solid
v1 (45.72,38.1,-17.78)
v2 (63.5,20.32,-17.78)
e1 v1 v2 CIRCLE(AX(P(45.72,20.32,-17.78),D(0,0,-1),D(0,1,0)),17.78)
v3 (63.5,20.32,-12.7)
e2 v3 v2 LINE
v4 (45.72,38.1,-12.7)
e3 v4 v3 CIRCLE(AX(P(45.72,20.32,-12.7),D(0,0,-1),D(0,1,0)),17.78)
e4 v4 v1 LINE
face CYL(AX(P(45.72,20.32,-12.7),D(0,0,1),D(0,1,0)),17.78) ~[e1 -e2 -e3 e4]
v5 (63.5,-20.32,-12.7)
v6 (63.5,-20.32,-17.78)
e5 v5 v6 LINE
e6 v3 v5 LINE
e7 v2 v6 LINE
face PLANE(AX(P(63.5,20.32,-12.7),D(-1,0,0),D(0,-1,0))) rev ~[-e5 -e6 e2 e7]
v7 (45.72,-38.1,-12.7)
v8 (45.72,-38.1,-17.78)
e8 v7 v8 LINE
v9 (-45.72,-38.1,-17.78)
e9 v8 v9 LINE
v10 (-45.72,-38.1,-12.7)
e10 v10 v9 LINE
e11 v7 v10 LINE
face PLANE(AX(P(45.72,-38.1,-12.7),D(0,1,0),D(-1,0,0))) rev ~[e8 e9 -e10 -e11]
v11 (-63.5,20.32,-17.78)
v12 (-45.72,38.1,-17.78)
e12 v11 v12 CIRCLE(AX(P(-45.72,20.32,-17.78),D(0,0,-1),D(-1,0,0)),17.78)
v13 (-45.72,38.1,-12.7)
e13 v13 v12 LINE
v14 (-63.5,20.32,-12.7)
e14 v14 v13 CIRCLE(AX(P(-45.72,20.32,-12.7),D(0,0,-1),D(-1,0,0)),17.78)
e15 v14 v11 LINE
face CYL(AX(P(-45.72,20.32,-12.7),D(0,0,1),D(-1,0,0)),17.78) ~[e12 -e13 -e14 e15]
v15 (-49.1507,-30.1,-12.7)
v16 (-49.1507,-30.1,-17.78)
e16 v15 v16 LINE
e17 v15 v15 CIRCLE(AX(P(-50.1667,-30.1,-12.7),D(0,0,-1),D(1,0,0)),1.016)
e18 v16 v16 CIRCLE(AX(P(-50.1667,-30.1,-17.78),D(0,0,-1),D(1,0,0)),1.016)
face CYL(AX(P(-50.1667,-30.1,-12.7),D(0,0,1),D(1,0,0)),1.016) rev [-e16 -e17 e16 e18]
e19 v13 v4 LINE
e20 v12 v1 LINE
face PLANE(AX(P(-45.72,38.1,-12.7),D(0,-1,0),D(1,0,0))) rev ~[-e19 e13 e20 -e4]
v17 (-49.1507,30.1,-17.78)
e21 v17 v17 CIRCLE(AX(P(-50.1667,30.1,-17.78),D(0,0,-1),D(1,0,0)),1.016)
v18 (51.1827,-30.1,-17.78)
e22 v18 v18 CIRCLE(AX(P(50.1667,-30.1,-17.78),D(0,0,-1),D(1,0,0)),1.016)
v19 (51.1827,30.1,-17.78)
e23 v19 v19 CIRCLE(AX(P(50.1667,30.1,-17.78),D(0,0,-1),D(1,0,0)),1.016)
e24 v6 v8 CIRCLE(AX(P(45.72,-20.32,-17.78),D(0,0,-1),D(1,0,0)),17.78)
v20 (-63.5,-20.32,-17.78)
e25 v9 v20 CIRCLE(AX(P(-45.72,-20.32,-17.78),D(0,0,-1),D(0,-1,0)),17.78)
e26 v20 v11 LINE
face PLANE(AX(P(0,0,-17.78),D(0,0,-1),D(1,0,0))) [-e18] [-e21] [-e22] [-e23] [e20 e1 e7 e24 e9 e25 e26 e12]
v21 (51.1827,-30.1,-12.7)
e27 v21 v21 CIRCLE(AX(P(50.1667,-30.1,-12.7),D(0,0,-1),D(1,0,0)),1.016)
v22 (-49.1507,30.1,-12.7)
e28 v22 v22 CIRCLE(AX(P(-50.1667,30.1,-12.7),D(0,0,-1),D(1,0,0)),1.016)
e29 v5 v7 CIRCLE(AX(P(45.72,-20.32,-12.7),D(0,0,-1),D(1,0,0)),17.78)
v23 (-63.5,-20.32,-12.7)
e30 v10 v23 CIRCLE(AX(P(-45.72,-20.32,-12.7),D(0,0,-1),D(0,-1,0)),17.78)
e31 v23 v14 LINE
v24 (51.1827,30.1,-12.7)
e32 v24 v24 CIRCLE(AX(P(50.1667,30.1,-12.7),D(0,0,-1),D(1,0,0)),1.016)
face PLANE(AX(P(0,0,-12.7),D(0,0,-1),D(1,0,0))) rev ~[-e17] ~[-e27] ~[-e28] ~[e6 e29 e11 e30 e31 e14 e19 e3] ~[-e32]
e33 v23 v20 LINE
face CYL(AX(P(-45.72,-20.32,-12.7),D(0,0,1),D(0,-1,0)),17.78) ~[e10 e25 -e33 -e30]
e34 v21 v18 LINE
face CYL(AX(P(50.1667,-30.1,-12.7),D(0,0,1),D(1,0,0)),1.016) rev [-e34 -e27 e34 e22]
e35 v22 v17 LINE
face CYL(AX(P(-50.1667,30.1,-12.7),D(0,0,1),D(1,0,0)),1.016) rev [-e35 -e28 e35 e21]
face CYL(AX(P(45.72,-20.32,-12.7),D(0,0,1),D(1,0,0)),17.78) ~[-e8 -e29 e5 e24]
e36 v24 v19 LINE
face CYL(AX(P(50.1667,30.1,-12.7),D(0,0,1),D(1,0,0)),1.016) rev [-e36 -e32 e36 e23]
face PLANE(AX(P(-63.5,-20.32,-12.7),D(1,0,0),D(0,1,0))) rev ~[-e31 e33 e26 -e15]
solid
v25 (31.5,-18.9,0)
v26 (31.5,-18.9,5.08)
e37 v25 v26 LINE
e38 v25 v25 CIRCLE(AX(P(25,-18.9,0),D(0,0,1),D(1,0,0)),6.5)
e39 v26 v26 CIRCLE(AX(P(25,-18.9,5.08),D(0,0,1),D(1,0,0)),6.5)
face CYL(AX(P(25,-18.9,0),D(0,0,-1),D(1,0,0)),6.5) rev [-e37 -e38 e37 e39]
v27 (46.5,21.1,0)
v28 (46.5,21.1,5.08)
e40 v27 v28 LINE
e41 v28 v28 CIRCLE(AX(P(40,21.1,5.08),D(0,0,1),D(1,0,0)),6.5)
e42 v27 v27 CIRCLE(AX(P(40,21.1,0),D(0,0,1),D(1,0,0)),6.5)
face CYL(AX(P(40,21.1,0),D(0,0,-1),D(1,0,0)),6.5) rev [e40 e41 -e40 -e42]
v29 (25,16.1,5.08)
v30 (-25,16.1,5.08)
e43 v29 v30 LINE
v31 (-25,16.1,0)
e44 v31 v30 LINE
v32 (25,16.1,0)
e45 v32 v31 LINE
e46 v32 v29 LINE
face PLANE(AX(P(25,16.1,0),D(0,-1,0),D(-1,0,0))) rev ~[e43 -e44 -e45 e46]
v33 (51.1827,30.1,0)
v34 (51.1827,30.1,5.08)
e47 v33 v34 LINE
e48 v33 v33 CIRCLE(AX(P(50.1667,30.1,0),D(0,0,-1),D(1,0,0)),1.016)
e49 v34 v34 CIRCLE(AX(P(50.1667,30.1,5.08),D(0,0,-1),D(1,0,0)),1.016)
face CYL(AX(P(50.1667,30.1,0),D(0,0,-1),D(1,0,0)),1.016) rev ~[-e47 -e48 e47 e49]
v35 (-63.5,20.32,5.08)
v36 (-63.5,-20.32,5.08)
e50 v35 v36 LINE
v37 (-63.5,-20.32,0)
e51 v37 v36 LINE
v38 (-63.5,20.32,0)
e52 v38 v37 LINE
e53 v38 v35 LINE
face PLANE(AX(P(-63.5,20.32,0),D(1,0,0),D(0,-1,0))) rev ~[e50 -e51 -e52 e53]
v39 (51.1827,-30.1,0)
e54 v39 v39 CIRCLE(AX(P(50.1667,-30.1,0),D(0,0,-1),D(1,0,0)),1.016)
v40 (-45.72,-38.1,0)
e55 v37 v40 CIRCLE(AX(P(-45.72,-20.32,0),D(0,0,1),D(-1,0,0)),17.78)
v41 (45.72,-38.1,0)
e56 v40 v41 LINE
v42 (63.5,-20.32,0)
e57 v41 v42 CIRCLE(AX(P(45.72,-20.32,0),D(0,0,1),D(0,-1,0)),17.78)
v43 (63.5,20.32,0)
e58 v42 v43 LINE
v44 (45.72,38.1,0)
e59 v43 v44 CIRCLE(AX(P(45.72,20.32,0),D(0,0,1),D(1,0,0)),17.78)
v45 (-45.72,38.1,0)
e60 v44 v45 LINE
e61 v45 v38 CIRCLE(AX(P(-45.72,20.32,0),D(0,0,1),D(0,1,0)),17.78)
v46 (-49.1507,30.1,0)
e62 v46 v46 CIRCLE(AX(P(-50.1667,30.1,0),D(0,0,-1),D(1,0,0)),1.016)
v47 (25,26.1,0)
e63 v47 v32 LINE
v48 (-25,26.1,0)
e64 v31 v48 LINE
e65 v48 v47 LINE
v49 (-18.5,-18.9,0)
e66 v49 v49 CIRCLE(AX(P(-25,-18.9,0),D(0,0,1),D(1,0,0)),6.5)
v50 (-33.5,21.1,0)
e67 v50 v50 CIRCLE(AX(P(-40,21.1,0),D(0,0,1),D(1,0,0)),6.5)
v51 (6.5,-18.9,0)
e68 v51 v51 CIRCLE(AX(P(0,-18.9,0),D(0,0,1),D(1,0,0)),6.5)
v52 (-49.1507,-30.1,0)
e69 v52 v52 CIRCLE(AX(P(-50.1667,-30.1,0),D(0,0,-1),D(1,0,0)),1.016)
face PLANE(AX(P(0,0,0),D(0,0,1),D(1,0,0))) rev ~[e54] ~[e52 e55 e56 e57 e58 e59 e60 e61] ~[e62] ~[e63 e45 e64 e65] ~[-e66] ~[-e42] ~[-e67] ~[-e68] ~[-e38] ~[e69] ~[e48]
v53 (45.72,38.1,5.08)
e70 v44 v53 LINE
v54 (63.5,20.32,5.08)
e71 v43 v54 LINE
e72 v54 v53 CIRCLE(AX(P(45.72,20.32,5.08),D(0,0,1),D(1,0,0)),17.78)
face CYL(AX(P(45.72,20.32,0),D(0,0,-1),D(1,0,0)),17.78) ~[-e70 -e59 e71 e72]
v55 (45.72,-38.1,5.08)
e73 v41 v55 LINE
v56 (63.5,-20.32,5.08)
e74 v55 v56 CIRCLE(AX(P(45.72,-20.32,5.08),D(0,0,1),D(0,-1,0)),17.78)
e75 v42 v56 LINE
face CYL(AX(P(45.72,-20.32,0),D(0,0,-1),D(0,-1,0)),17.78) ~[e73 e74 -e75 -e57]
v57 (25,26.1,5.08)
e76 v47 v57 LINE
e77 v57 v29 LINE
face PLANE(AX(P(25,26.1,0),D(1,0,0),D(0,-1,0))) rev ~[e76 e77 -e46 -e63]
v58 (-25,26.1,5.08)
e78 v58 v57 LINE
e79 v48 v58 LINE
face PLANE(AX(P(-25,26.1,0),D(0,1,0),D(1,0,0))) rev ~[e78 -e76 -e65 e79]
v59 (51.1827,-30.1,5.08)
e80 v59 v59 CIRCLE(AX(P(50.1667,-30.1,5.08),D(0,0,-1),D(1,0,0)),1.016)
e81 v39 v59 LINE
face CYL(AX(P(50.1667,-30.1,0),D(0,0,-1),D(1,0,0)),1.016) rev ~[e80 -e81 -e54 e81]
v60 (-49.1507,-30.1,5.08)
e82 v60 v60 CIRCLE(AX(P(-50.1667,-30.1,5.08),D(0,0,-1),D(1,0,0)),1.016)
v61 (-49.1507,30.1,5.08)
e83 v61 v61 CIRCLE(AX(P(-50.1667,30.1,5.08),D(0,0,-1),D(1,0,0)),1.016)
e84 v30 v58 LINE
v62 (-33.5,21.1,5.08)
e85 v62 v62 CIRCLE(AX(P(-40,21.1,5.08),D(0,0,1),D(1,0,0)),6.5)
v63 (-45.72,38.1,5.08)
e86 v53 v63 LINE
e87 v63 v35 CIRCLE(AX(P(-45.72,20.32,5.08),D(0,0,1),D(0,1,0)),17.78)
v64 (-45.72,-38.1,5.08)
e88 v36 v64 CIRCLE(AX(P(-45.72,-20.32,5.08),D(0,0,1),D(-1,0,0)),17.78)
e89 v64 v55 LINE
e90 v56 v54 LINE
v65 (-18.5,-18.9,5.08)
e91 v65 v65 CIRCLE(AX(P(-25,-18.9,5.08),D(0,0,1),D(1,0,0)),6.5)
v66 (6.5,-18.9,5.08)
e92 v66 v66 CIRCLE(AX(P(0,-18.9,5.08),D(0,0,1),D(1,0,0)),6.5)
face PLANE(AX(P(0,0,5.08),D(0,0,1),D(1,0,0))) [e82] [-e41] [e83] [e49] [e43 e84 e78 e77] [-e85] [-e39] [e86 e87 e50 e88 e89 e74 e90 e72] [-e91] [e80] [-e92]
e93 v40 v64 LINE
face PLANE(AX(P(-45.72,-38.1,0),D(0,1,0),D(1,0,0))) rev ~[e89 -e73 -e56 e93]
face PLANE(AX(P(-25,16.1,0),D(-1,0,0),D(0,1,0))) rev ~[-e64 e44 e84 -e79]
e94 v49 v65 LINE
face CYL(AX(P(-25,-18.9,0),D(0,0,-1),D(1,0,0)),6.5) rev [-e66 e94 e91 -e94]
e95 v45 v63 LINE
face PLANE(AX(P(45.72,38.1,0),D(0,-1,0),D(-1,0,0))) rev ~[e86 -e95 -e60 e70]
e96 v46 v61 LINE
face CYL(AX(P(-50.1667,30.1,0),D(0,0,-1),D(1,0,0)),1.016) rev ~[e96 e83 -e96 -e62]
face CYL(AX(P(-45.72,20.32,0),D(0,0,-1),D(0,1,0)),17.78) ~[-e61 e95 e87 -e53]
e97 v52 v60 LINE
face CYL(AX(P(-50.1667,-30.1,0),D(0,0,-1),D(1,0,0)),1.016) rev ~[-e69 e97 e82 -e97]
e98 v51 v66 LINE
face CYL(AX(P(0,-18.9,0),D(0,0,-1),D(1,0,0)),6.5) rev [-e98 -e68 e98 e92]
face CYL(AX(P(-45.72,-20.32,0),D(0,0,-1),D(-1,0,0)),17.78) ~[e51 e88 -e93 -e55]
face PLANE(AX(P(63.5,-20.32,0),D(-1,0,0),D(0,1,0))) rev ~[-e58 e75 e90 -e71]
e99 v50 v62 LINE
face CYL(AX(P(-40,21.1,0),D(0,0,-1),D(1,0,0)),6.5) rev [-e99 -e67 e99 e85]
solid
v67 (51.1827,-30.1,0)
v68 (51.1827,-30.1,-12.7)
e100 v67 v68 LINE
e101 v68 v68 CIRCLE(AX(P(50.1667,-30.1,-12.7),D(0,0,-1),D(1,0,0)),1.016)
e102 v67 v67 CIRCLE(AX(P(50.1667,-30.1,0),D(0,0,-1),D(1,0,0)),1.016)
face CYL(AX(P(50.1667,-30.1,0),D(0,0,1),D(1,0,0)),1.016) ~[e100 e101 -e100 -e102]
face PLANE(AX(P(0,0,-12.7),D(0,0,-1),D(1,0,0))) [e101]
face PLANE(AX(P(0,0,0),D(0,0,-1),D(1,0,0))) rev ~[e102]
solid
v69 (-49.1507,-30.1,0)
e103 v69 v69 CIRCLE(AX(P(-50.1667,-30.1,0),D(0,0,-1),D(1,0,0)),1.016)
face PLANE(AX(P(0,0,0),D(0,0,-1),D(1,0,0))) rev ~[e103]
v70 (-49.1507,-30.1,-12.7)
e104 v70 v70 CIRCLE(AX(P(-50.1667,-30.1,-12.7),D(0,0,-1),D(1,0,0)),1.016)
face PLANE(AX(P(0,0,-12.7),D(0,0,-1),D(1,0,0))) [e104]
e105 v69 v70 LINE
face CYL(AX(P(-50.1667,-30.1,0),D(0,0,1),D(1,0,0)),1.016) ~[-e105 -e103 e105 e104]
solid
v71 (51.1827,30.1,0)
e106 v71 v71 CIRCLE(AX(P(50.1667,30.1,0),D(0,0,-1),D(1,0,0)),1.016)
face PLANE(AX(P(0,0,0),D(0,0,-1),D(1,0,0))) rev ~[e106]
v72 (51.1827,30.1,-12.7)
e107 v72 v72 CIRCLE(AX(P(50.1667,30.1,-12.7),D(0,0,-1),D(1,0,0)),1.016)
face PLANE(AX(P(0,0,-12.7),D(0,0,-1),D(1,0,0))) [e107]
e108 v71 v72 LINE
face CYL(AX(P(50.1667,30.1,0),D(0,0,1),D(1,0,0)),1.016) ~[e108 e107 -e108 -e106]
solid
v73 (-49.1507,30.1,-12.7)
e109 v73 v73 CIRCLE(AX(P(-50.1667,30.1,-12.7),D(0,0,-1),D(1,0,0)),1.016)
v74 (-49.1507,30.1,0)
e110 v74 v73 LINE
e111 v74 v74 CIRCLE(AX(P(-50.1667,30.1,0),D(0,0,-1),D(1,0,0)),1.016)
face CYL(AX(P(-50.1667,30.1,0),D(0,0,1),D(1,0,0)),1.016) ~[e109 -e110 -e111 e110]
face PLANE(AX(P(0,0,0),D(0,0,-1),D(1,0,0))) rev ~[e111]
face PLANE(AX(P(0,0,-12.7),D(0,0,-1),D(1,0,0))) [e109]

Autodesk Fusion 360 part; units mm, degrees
sketch "TopSketch" plane through (0, 0, 0) normal (0, 0, 1) x (1, 0, 0)
  line L0 (45.72, 38.1) -> (-45.72, 38.1)
  line L1 (-63.5, 20.32) -> (-63.5, -20.32)
  line L2 (-45.72, -38.1) -> (45.72, -38.1)
  line L3 (63.5, -20.32) -> (63.5, 20.32)
  line L4 (63.5, 38.1) -> (-63.5, -38.1) construction
  line L5 (-63.5, 38.1) -> (63.5, -38.1) construction
  arc A0 (-45.72, 38.1) -> (-63.5, 20.32) centre (-45.72, 20.32) ccw
  arc A1 (-63.5, -20.32) -> (-45.72, -38.1) centre (-45.72, -20.32) ccw
  arc A2 (45.72, -38.1) -> (63.5, -20.32) centre (45.72, -20.32) ccw
  arc A3 (63.5, 20.32) -> (45.72, 38.1) centre (45.72, 20.32) ccw
  line L6 (-25, 26.1) -> (25, 26.1)
  line L7 (25, 26.1) -> (25, 16.1)
  line L8 (25, 16.1) -> (-25, 16.1)
  line L9 (-25, 16.1) -> (-25, 26.1)
  circle A4 centre (40, 21.1) radius 6.5
  circle A5 centre (25, -18.9) radius 6.5
  circle A6 centre (0, -18.9) radius 6.5
  line L10 (0, 38.1) -> (0, -38.1) construction
  circle A7 centre (-40, 21.1) radius 6.5
  circle A8 centre (-25, -18.9) radius 6.5
  line L11 (61.2418, 9.5468) -> (17.2418, 9.5468)
  line L12 (17.2418, 9.5468) -> (17.2418, -9.4532)
  line L13 (17.2418, -9.4532) -> (61.2418, -9.4532)
  line L14 (61.2418, -9.4532) -> (61.2418, 9.5468)
  line L15 (61.2418, 9.5468) -> (17.2418, -9.4532) construction
  line L16 (17.2418, 9.5468) -> (61.2418, -9.4532) construction
  point P0 (0, 26.1)
  point P1 (-25, 21.1)
  point P2 (25, 21.1)
  point P3 (39.2418, 0.0468)
  dimension "d1" = 127
  dimension "d2" = 76.2
  dimension "d3" = 17.78
  dimension "d4" = 17.78
  dimension "d5" = 17.78
  dimension "d6" = 17.78
  dimension "d10" = 50
  dimension "d11" = 10
  dimension "d12" = 13
  dimension "d13" = 12
  dimension "d14" = 15
  dimension "d15" = 13
  dimension "d16" = 35
  dimension "d17" = 13
  dimension "d28" = 44
  dimension "d29" = 19
extrude "Extrude1" add sketch "TopSketch" along normal blind 5.08 contours L0 L1 L2 L3 A0 A1 A2 A3 | L11 L12 L13 L14 makes body 1
sketch "StandSketch" plane through (0, 0, 0) normal (0, 0, -1) x (1, 0, 0)
  circle A0 centre (-25, 18.9) radius 6.5
  circle A1 centre (25, 18.9) radius 6.5
  circle A2 centre (0, 18.9) radius 6.5
  circle A3 centre (-40, -21.1) radius 6.5
  circle A4 centre (40, -21.1) radius 6.5
  line L0 (-25, -16.1) -> (25, -16.1)
  line L1 (25, -16.1) -> (25, -26.1)
  line L2 (25, -26.1) -> (-25, -26.1)
  line L3 (-25, -26.1) -> (-25, -16.1)
  arc A5 (45.72, -38.1) -> (63.5, -20.32) centre (45.72, -20.32) ccw
  line L4 (63.5, -20.32) -> (63.5, 20.32)
  arc A6 (63.5, 20.32) -> (45.72, 38.1) centre (45.72, 20.32) ccw
  line L5 (45.72, 38.1) -> (-45.72, 38.1)
  arc A7 (-45.72, 38.1) -> (-63.5, 20.32) centre (-45.72, 20.32) ccw
  line L6 (-63.5, 20.32) -> (-63.5, -20.32)
  arc A8 (-63.5, -20.32) -> (-45.72, -38.1) centre (-45.72, -20.32) ccw
  line L7 (-45.72, -38.1) -> (45.72, -38.1)
  line L8 (63.5, 38.1) -> (-63.5, 38.1) construction
  line L9 (-63.5, 38.1) -> (-63.5, -38.1) construction
  line L10 (-63.5, -38.1) -> (63.5, -38.1) construction
  line L11 (63.5, -38.1) -> (63.5, 38.1) construction
  line L12 (63.5, 38.1) -> (-63.5, -38.1) construction
  line L13 (-63.5, 38.1) -> (63.5, -38.1) construction
  circle A9 centre (-50.1667, 30.1) radius 1.016
  line L14 (0, 38.1) -> (0, -38.1) construction
  line L15 (-63.5, 0) -> (63.5, 0) construction
  circle A10 centre (50.1667, 30.1) radius 1.016
  circle A11 centre (-50.1667, -30.1) radius 1.016
  circle A12 centre (50.1667, -30.1) radius 1.016
  dimension "d18" = 127
  dimension "d19" = 76.2
  dimension "d20" = 2.032
  dimension "d21" = 8
extrude "Extrude3" add sketch "StandSketch" along normal blind 12.7 separate body contours A9 | A10 | A11 | A12 makes body 2 at (50.1413, -31.1157, -8.4667) makes body 3 at (50.1413, 29.0843, -8.4667) makes body 4 at (-50.192, -31.1157, -8.4667) makes body 5 at (-50.192, 29.0843, -8.4667)
extrude "Extrude2" cut sketch "StandSketch" against normal up to surface (5.08 mm away) contours A9 | A10 | A11 | A12 bodies 1
sketch "BotSketch" plane through (0, 0, -12.7) normal (0, 0, -1) x (1, 0, 0)
  circle A0 centre (50.1667, 30.1) radius 1.016
  circle A1 centre (-50.1667, -30.1) radius 1.016
  circle A2 centre (50.1667, -30.1) radius 1.016
  circle A3 centre (-50.1667, 30.1) radius 1.016
  circle A4 centre (50.1667, 30.1) radius 1.016
  circle A5 centre (-25, 18.9) radius 6.5
  circle A6 centre (25, 18.9) radius 6.5
  circle A7 centre (0, 18.9) radius 6.5
  circle A8 centre (-40, -21.1) radius 6.5
  circle A9 centre (40, -21.1) radius 6.5
  line L0 (-25, -16.1) -> (25, -16.1)
  line L1 (25, -16.1) -> (25, -26.1)
  line L2 (25, -26.1) -> (-25, -26.1)
  line L3 (-25, -26.1) -> (-25, -16.1)
  arc A10 (45.72, -38.1) -> (63.5, -20.32) centre (45.72, -20.32) ccw
  line L4 (63.5, -20.32) -> (63.5, 20.32)
  arc A11 (63.5, 20.32) -> (45.72, 38.1) centre (45.72, 20.32) ccw
  line L5 (45.72, 38.1) -> (-45.72, 38.1)
  arc A12 (-45.72, 38.1) -> (-63.5, 20.32) centre (-45.72, 20.32) ccw
  line L6 (-63.5, 20.32) -> (-63.5, -20.32)
  arc A13 (-63.5, -20.32) -> (-45.72, -38.1) centre (-45.72, -20.32) ccw
  line L7 (-45.72, -38.1) -> (45.72, -38.1)
extrude "Extrude4" add sketch "BotSketch" along normal blind 5.08 separate body contours A5 | A6 | A7 | A8 | A9 | L0 L1 L2 L3 | A10 L4 A11 L5 A12 L6 A13 L7 makes body 6
sketch "Sketch4" plane through (0, 0, 5.08) normal (0, 0, 1) x (-1, 0, 0)
  circle A0 centre (50.1667, -30.1) radius 1.016
  circle A1 centre (-50.1667, -30.1) radius 1.016
  circle A2 centre (50.1667, 30.1) radius 1.016
  circle A3 centre (-50.1667, 30.1) radius 1.016
  circle A4 centre (25, 18.9) radius 6.5
  circle A5 centre (40, -21.1) radius 6.5
  circle A6 centre (0, 18.9) radius 6.5
  circle A7 centre (-25, 18.9) radius 6.5
  circle A8 centre (-40, -21.1) radius 6.5
  line L0 (-25, -16.1) -> (25, -16.1)
  line L1 (25, -16.1) -> (25, -26.1)
  line L2 (25, -26.1) -> (-25, -26.1)
  line L3 (-25, -26.1) -> (-25, -16.1)
  arc A9 (-63.5, -20.32) -> (-45.72, -38.1) centre (-45.72, -20.32) ccw
  line L4 (-45.72, -38.1) -> (45.72, -38.1)
  arc A10 (45.72, -38.1) -> (63.5, -20.32) centre (45.72, -20.32) ccw
  line L5 (63.5, -20.32) -> (63.5, 20.32)
  arc A11 (63.5, 20.32) -> (45.72, 38.1) centre (45.72, 20.32) ccw
  line L6 (45.72, 38.1) -> (-45.72, 38.1)
  arc A12 (-45.72, 38.1) -> (-63.5, 20.32) centre (-45.72, 20.32) ccw
  line L7 (-63.5, 20.32) -> (-63.5, -20.32)
sketch "Sketch5" plane through (0, 0, -17.78) normal (0, 0, -1) x (1, 0, 0)
  circle A0 centre (50.1667, -30.1) radius 1.016
  circle A1 centre (50.1667, 30.1) radius 1.016
  circle A2 centre (-50.1667, 30.1) radius 1.016
  circle A3 centre (-50.1667, -30.1) radius 1.016
  line L0 (-45.72, -38.1) -> (45.72, -38.1)
  arc A4 (45.72, -38.1) -> (63.5, -20.32) centre (45.72, -20.32) ccw
  line L1 (63.5, -20.32) -> (63.5, 20.32)
  arc A5 (63.5, 20.32) -> (45.72, 38.1) centre (45.72, 20.32) ccw
  line L2 (45.72, 38.1) -> (-45.72, 38.1)
  arc A6 (-45.72, 38.1) -> (-63.5, 20.32) centre (-45.72, 20.32) ccw
  line L3 (-63.5, 20.32) -> (-63.5, -20.32)
  arc A7 (-63.5, -20.32) -> (-45.72, -38.1) centre (-45.72, -20.32) ccw
equation "matThickness = 0.2 in"
equation "d8 = matThickness"
equation "d26 = matThickness"
